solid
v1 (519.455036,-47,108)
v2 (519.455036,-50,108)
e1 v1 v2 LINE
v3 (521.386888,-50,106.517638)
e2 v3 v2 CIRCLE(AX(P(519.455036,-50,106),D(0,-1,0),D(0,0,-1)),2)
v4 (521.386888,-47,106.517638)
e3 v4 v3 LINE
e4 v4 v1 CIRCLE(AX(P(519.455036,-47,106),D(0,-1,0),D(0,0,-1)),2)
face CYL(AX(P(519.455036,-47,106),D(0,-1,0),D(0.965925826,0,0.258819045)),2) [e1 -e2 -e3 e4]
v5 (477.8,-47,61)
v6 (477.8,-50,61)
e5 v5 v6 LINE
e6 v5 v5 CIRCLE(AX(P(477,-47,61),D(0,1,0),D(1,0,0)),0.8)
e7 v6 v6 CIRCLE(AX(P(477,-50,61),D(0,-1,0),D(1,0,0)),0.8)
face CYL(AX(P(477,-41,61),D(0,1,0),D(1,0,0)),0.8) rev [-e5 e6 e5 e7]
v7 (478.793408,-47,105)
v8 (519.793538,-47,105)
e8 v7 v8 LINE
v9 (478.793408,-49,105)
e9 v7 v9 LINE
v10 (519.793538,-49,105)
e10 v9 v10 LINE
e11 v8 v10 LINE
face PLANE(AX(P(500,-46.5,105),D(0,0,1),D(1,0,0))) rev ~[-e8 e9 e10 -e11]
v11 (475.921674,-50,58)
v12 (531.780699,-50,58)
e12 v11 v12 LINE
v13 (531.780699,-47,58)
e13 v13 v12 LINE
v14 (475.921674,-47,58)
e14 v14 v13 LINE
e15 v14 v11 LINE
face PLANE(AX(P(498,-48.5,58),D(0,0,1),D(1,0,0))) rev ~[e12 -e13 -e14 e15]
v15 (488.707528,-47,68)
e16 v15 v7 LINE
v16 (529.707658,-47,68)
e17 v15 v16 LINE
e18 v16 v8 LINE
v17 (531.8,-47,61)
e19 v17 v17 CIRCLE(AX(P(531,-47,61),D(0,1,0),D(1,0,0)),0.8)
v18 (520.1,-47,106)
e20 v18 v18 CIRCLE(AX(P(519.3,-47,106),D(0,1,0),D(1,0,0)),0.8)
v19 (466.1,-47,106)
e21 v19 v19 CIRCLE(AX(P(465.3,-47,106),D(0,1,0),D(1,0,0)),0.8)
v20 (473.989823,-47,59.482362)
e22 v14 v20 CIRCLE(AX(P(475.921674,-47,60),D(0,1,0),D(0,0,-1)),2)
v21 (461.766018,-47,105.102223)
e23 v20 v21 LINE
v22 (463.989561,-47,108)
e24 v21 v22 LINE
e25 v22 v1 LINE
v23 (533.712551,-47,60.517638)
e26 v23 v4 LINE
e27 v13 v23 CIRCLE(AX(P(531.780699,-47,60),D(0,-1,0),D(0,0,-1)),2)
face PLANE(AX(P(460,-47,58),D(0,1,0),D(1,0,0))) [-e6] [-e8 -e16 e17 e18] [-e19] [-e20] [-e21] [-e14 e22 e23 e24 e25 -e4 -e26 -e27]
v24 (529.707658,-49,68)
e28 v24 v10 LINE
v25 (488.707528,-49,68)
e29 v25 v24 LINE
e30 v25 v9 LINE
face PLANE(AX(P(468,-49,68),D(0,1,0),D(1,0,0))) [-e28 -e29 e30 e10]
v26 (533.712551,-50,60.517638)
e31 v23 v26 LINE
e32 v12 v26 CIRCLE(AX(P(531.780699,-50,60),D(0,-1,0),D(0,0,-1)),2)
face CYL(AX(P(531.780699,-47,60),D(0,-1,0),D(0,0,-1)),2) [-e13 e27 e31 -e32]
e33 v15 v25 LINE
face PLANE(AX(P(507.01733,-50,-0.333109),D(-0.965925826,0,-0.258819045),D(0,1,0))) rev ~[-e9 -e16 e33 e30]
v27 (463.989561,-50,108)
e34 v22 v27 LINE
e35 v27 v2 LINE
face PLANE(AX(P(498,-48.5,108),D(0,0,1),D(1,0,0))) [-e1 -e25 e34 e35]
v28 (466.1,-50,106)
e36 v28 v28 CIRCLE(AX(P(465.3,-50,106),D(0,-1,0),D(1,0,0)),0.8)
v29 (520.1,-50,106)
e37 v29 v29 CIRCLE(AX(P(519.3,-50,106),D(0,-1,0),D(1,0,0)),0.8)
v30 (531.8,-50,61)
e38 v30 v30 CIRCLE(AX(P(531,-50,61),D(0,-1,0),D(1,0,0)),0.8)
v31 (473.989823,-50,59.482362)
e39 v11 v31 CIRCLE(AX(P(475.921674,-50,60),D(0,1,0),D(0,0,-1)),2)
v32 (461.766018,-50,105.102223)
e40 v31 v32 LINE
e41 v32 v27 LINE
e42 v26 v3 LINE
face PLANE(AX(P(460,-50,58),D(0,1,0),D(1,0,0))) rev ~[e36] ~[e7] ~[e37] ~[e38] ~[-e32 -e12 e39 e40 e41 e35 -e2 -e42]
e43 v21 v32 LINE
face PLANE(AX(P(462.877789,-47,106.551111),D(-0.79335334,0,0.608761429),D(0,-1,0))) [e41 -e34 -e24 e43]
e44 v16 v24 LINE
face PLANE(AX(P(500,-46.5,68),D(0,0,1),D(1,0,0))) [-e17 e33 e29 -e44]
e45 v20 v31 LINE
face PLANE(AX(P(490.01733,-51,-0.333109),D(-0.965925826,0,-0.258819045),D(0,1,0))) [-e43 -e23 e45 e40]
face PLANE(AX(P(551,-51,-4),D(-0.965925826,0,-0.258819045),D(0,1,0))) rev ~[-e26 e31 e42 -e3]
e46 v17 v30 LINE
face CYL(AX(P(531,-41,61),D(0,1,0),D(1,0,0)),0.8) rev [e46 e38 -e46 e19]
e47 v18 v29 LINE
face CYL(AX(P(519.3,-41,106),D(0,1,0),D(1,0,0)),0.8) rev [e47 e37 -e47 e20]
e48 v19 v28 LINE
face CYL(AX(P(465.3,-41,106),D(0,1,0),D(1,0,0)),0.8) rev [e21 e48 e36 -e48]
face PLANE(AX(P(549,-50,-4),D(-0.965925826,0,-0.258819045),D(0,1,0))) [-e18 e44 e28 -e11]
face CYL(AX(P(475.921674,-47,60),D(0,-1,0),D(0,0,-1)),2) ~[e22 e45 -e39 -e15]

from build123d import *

# Parameters (mm, degrees)
BOX061_W               = 37
BOX061_H               = 160
BOX061_DEPTH           = 120
BOX061_PITCH_ANGLE     = -15
BOX060_W               = 37.35
BOX060_H               = 160
BOX060_DEPTH           = 120
BOX060_PITCH_ANGLE     = -15
BOX062_W               = 64
BOX062_H               = 5
BOX062_DEPTH           = 37
CYLINDER059_R          = 0.8
CYLINDER059_DEPTH      = 9
CYLINDER059_ROLL_ANGLE = 90
CYLINDER060_R          = 0.8
CYLINDER060_DEPTH      = 9
CYLINDER060_ROLL_ANGLE = 90
CYLINDER061_R          = 0.8
CYLINDER061_DEPTH      = 9
CYLINDER061_ROLL_ANGLE = 90
CYLINDER062_R          = 0.8
CYLINDER062_DEPTH      = 9
CYLINDER062_ROLL_ANGLE = 90
BOX067_W               = 37
BOX067_H               = 160
BOX067_DEPTH           = 120
BOX067_PITCH_ANGLE     = -15
BOX066_W               = 37.35
BOX066_H               = 160
BOX066_DEPTH           = 120
BOX066_PITCH_ANGLE     = -15
BOX065_W               = 76
BOX065_H               = 3
BOX065_DEPTH           = 50
FILLET007_R            = 2
CHAMFER004_SIZE        = 3


with BuildPart() as cube033:
    # Box061 → Box061 (new body)
    with BuildSketch(Plane.XY):
        with Locations((18.5, 80)):
            Rectangle(BOX061_W, BOX061_H)
    extrude(amount=BOX061_DEPTH)


with BuildPart() as cube033_1:
    # Box061 pitch: moved
    add(cube033.part.rotate(Axis((0, 0, 0), (0, 1, 0)), BOX061_PITCH_ANGLE))


with BuildPart() as cube033_2:
    # Box061 placement: moved
    add(cube033_1.part.moved(Location((549, -50, -4))))


with BuildPart() as fusion056:
    # Box060 → Box060 (new body)
    with BuildSketch(Plane.XY):
        with Locations((18.675, 80)):
            Rectangle(BOX060_W, BOX060_H)
    extrude(amount=BOX060_DEPTH)


with BuildPart() as fusion056_1:
    # Box060 pitch: moved
    add(fusion056.part.rotate(Axis((0, 0, 0), (0, 1, 0)), BOX060_PITCH_ANGLE))


with BuildPart() as fusion056_2:
    # Box060 placement: moved
    add(fusion056_1.part.moved(Location((470.94, -50, -10))))

    # Fusion056: union Cube033
    add(cube033_2.part)


with BuildPart() as cut078:
    # Box062 → Box062 (new body)
    with BuildSketch(Plane(origin=(468, -49, 68), x_dir=(1, 0, 0), z_dir=(0, 0, 1))):
        with Locations((32, 2.5)):
            Rectangle(BOX062_W, BOX062_H)
    extrude(amount=BOX062_DEPTH)

    # Cut078: cut Fusion056
    add(fusion056_2.part, mode=Mode.SUBTRACT)


with BuildPart() as cylinder059:
    # Cylinder059 → Cylinder059 (new body)
    with BuildSketch(Plane.XY):
        Circle(CYLINDER059_R)
    extrude(amount=CYLINDER059_DEPTH)


with BuildPart() as cylinder059_1:
    # Cylinder059 roll: moved
    add(cylinder059.part.rotate(Axis((0, 0, 0), (1, 0, 0)), CYLINDER059_ROLL_ANGLE))


with BuildPart() as cylinder059_2:
    # Cylinder059 placement: moved
    add(cylinder059_1.part.moved(Location((519.3, -40, 106))))


with BuildPart() as fusion061:
    # Cylinder060 → Cylinder060 (new body)
    with BuildSketch(Plane.XY):
        Circle(CYLINDER060_R)
    extrude(amount=CYLINDER060_DEPTH)


with BuildPart() as fusion061_1:
    # Cylinder060 roll: moved
    add(fusion061.part.rotate(Axis((0, 0, 0), (1, 0, 0)), CYLINDER060_ROLL_ANGLE))


with BuildPart() as fusion061_2:
    # Cylinder060 placement: moved
    add(fusion061_1.part.moved(Location((531, -40, 61))))

    # Fusion061: union Cylinder059
    add(cylinder059_2.part)


with BuildPart() as cylinder061:
    # Cylinder061 → Cylinder061 (new body)
    with BuildSketch(Plane.XY):
        Circle(CYLINDER061_R)
    extrude(amount=CYLINDER061_DEPTH)


with BuildPart() as cylinder061_1:
    # Cylinder061 roll: moved
    add(cylinder061.part.rotate(Axis((0, 0, 0), (1, 0, 0)), CYLINDER061_ROLL_ANGLE))


with BuildPart() as cylinder061_2:
    # Cylinder061 placement: moved
    add(cylinder061_1.part.moved(Location((519.3, -40, 106))))


with BuildPart() as fusion062:
    # Cylinder062 → Cylinder062 (new body)
    with BuildSketch(Plane.XY):
        Circle(CYLINDER062_R)
    extrude(amount=CYLINDER062_DEPTH)


with BuildPart() as fusion062_1:
    # Cylinder062 roll: moved
    add(fusion062.part.rotate(Axis((0, 0, 0), (1, 0, 0)), CYLINDER062_ROLL_ANGLE))


with BuildPart() as fusion062_2:
    # Cylinder062 placement: moved
    add(fusion062_1.part.moved(Location((531, -40, 61))))

    # Fusion063: union Cylinder061
    add(cylinder061_2.part)


with BuildPart() as fusion062_3:
    # Fusion063 placement: moved
    add(fusion062_2.part.moved(Location((-54, 0, 0))))

    # Fusion062: union Fusion061
    add(fusion061_2.part)


with BuildPart() as fusion062_4:
    # Fusion062 placement: moved
    add(fusion062_3.part.moved(Location((0, -1, 0))))


with BuildPart() as cube039:
    # Box067 → Box067 (new body)
    with BuildSketch(Plane.XY):
        with Locations((18.5, 80)):
            Rectangle(BOX067_W, BOX067_H)
    extrude(amount=BOX067_DEPTH)


with BuildPart() as cube039_1:
    # Box067 pitch: moved
    add(cube039.part.rotate(Axis((0, 0, 0), (0, 1, 0)), BOX067_PITCH_ANGLE))


with BuildPart() as cube039_2:
    # Box067 placement: moved
    add(cube039_1.part.moved(Location((551, -50, -4))))


with BuildPart() as fusion060:
    # Box066 → Box066 (new body)
    with BuildSketch(Plane.XY):
        with Locations((18.675, 80)):
            Rectangle(BOX066_W, BOX066_H)
    extrude(amount=BOX066_DEPTH)


with BuildPart() as fusion060_1:
    # Box066 pitch: moved
    add(fusion060.part.rotate(Axis((0, 0, 0), (0, 1, 0)), BOX066_PITCH_ANGLE))


with BuildPart() as fusion060_2:
    # Box066 placement: moved
    add(fusion060_1.part.moved(Location((453.94, -50, -10))))

    # Fusion060: union Cube039
    add(cube039_2.part)


with BuildPart() as left_back_door_mech_cover:
    # Box065 → Box065 (new body)
    with BuildSketch(Plane(origin=(460, -49, 58), x_dir=(1, 0, 0), z_dir=(0, 0, 1))):
        with Locations((38, 1.5)):
            Rectangle(BOX065_W, BOX065_H)
    extrude(amount=BOX065_DEPTH)

    # Cut063: cut Fusion060
    add(fusion060_2.part, mode=Mode.SUBTRACT)


with BuildPart() as left_back_door_mech_cover_1:
    # Cut063 placement: moved
    add(left_back_door_mech_cover.part.moved(Location((0, -1, 0))))

    # Cut064: cut Fusion062
    add(fusion062_4.part, mode=Mode.SUBTRACT)

    # Fillet007
    fillet007_edges = [left_back_door_mech_cover_1.edges().sort_by_distance(p)[0] for p in [
        (534.38715, -48.5, 58),
        (474.38702, -48.5, 58),
        (520.98969, -48.5, 108),
    ]]
    fillet(fillet007_edges, radius=FILLET007_R)

    # Chamfer004
    chamfer004_edges = [left_back_door_mech_cover_1.edges().sort_by_distance(p)[0] for p in [
        (460.989561, -48.5, 108),
    ]]
    chamfer(chamfer004_edges, length=CHAMFER004_SIZE)

    # Cut079: cut Cut078
    add(cut078.part, mode=Mode.SUBTRACT)


solid = left_back_door_mech_cover_1.part
